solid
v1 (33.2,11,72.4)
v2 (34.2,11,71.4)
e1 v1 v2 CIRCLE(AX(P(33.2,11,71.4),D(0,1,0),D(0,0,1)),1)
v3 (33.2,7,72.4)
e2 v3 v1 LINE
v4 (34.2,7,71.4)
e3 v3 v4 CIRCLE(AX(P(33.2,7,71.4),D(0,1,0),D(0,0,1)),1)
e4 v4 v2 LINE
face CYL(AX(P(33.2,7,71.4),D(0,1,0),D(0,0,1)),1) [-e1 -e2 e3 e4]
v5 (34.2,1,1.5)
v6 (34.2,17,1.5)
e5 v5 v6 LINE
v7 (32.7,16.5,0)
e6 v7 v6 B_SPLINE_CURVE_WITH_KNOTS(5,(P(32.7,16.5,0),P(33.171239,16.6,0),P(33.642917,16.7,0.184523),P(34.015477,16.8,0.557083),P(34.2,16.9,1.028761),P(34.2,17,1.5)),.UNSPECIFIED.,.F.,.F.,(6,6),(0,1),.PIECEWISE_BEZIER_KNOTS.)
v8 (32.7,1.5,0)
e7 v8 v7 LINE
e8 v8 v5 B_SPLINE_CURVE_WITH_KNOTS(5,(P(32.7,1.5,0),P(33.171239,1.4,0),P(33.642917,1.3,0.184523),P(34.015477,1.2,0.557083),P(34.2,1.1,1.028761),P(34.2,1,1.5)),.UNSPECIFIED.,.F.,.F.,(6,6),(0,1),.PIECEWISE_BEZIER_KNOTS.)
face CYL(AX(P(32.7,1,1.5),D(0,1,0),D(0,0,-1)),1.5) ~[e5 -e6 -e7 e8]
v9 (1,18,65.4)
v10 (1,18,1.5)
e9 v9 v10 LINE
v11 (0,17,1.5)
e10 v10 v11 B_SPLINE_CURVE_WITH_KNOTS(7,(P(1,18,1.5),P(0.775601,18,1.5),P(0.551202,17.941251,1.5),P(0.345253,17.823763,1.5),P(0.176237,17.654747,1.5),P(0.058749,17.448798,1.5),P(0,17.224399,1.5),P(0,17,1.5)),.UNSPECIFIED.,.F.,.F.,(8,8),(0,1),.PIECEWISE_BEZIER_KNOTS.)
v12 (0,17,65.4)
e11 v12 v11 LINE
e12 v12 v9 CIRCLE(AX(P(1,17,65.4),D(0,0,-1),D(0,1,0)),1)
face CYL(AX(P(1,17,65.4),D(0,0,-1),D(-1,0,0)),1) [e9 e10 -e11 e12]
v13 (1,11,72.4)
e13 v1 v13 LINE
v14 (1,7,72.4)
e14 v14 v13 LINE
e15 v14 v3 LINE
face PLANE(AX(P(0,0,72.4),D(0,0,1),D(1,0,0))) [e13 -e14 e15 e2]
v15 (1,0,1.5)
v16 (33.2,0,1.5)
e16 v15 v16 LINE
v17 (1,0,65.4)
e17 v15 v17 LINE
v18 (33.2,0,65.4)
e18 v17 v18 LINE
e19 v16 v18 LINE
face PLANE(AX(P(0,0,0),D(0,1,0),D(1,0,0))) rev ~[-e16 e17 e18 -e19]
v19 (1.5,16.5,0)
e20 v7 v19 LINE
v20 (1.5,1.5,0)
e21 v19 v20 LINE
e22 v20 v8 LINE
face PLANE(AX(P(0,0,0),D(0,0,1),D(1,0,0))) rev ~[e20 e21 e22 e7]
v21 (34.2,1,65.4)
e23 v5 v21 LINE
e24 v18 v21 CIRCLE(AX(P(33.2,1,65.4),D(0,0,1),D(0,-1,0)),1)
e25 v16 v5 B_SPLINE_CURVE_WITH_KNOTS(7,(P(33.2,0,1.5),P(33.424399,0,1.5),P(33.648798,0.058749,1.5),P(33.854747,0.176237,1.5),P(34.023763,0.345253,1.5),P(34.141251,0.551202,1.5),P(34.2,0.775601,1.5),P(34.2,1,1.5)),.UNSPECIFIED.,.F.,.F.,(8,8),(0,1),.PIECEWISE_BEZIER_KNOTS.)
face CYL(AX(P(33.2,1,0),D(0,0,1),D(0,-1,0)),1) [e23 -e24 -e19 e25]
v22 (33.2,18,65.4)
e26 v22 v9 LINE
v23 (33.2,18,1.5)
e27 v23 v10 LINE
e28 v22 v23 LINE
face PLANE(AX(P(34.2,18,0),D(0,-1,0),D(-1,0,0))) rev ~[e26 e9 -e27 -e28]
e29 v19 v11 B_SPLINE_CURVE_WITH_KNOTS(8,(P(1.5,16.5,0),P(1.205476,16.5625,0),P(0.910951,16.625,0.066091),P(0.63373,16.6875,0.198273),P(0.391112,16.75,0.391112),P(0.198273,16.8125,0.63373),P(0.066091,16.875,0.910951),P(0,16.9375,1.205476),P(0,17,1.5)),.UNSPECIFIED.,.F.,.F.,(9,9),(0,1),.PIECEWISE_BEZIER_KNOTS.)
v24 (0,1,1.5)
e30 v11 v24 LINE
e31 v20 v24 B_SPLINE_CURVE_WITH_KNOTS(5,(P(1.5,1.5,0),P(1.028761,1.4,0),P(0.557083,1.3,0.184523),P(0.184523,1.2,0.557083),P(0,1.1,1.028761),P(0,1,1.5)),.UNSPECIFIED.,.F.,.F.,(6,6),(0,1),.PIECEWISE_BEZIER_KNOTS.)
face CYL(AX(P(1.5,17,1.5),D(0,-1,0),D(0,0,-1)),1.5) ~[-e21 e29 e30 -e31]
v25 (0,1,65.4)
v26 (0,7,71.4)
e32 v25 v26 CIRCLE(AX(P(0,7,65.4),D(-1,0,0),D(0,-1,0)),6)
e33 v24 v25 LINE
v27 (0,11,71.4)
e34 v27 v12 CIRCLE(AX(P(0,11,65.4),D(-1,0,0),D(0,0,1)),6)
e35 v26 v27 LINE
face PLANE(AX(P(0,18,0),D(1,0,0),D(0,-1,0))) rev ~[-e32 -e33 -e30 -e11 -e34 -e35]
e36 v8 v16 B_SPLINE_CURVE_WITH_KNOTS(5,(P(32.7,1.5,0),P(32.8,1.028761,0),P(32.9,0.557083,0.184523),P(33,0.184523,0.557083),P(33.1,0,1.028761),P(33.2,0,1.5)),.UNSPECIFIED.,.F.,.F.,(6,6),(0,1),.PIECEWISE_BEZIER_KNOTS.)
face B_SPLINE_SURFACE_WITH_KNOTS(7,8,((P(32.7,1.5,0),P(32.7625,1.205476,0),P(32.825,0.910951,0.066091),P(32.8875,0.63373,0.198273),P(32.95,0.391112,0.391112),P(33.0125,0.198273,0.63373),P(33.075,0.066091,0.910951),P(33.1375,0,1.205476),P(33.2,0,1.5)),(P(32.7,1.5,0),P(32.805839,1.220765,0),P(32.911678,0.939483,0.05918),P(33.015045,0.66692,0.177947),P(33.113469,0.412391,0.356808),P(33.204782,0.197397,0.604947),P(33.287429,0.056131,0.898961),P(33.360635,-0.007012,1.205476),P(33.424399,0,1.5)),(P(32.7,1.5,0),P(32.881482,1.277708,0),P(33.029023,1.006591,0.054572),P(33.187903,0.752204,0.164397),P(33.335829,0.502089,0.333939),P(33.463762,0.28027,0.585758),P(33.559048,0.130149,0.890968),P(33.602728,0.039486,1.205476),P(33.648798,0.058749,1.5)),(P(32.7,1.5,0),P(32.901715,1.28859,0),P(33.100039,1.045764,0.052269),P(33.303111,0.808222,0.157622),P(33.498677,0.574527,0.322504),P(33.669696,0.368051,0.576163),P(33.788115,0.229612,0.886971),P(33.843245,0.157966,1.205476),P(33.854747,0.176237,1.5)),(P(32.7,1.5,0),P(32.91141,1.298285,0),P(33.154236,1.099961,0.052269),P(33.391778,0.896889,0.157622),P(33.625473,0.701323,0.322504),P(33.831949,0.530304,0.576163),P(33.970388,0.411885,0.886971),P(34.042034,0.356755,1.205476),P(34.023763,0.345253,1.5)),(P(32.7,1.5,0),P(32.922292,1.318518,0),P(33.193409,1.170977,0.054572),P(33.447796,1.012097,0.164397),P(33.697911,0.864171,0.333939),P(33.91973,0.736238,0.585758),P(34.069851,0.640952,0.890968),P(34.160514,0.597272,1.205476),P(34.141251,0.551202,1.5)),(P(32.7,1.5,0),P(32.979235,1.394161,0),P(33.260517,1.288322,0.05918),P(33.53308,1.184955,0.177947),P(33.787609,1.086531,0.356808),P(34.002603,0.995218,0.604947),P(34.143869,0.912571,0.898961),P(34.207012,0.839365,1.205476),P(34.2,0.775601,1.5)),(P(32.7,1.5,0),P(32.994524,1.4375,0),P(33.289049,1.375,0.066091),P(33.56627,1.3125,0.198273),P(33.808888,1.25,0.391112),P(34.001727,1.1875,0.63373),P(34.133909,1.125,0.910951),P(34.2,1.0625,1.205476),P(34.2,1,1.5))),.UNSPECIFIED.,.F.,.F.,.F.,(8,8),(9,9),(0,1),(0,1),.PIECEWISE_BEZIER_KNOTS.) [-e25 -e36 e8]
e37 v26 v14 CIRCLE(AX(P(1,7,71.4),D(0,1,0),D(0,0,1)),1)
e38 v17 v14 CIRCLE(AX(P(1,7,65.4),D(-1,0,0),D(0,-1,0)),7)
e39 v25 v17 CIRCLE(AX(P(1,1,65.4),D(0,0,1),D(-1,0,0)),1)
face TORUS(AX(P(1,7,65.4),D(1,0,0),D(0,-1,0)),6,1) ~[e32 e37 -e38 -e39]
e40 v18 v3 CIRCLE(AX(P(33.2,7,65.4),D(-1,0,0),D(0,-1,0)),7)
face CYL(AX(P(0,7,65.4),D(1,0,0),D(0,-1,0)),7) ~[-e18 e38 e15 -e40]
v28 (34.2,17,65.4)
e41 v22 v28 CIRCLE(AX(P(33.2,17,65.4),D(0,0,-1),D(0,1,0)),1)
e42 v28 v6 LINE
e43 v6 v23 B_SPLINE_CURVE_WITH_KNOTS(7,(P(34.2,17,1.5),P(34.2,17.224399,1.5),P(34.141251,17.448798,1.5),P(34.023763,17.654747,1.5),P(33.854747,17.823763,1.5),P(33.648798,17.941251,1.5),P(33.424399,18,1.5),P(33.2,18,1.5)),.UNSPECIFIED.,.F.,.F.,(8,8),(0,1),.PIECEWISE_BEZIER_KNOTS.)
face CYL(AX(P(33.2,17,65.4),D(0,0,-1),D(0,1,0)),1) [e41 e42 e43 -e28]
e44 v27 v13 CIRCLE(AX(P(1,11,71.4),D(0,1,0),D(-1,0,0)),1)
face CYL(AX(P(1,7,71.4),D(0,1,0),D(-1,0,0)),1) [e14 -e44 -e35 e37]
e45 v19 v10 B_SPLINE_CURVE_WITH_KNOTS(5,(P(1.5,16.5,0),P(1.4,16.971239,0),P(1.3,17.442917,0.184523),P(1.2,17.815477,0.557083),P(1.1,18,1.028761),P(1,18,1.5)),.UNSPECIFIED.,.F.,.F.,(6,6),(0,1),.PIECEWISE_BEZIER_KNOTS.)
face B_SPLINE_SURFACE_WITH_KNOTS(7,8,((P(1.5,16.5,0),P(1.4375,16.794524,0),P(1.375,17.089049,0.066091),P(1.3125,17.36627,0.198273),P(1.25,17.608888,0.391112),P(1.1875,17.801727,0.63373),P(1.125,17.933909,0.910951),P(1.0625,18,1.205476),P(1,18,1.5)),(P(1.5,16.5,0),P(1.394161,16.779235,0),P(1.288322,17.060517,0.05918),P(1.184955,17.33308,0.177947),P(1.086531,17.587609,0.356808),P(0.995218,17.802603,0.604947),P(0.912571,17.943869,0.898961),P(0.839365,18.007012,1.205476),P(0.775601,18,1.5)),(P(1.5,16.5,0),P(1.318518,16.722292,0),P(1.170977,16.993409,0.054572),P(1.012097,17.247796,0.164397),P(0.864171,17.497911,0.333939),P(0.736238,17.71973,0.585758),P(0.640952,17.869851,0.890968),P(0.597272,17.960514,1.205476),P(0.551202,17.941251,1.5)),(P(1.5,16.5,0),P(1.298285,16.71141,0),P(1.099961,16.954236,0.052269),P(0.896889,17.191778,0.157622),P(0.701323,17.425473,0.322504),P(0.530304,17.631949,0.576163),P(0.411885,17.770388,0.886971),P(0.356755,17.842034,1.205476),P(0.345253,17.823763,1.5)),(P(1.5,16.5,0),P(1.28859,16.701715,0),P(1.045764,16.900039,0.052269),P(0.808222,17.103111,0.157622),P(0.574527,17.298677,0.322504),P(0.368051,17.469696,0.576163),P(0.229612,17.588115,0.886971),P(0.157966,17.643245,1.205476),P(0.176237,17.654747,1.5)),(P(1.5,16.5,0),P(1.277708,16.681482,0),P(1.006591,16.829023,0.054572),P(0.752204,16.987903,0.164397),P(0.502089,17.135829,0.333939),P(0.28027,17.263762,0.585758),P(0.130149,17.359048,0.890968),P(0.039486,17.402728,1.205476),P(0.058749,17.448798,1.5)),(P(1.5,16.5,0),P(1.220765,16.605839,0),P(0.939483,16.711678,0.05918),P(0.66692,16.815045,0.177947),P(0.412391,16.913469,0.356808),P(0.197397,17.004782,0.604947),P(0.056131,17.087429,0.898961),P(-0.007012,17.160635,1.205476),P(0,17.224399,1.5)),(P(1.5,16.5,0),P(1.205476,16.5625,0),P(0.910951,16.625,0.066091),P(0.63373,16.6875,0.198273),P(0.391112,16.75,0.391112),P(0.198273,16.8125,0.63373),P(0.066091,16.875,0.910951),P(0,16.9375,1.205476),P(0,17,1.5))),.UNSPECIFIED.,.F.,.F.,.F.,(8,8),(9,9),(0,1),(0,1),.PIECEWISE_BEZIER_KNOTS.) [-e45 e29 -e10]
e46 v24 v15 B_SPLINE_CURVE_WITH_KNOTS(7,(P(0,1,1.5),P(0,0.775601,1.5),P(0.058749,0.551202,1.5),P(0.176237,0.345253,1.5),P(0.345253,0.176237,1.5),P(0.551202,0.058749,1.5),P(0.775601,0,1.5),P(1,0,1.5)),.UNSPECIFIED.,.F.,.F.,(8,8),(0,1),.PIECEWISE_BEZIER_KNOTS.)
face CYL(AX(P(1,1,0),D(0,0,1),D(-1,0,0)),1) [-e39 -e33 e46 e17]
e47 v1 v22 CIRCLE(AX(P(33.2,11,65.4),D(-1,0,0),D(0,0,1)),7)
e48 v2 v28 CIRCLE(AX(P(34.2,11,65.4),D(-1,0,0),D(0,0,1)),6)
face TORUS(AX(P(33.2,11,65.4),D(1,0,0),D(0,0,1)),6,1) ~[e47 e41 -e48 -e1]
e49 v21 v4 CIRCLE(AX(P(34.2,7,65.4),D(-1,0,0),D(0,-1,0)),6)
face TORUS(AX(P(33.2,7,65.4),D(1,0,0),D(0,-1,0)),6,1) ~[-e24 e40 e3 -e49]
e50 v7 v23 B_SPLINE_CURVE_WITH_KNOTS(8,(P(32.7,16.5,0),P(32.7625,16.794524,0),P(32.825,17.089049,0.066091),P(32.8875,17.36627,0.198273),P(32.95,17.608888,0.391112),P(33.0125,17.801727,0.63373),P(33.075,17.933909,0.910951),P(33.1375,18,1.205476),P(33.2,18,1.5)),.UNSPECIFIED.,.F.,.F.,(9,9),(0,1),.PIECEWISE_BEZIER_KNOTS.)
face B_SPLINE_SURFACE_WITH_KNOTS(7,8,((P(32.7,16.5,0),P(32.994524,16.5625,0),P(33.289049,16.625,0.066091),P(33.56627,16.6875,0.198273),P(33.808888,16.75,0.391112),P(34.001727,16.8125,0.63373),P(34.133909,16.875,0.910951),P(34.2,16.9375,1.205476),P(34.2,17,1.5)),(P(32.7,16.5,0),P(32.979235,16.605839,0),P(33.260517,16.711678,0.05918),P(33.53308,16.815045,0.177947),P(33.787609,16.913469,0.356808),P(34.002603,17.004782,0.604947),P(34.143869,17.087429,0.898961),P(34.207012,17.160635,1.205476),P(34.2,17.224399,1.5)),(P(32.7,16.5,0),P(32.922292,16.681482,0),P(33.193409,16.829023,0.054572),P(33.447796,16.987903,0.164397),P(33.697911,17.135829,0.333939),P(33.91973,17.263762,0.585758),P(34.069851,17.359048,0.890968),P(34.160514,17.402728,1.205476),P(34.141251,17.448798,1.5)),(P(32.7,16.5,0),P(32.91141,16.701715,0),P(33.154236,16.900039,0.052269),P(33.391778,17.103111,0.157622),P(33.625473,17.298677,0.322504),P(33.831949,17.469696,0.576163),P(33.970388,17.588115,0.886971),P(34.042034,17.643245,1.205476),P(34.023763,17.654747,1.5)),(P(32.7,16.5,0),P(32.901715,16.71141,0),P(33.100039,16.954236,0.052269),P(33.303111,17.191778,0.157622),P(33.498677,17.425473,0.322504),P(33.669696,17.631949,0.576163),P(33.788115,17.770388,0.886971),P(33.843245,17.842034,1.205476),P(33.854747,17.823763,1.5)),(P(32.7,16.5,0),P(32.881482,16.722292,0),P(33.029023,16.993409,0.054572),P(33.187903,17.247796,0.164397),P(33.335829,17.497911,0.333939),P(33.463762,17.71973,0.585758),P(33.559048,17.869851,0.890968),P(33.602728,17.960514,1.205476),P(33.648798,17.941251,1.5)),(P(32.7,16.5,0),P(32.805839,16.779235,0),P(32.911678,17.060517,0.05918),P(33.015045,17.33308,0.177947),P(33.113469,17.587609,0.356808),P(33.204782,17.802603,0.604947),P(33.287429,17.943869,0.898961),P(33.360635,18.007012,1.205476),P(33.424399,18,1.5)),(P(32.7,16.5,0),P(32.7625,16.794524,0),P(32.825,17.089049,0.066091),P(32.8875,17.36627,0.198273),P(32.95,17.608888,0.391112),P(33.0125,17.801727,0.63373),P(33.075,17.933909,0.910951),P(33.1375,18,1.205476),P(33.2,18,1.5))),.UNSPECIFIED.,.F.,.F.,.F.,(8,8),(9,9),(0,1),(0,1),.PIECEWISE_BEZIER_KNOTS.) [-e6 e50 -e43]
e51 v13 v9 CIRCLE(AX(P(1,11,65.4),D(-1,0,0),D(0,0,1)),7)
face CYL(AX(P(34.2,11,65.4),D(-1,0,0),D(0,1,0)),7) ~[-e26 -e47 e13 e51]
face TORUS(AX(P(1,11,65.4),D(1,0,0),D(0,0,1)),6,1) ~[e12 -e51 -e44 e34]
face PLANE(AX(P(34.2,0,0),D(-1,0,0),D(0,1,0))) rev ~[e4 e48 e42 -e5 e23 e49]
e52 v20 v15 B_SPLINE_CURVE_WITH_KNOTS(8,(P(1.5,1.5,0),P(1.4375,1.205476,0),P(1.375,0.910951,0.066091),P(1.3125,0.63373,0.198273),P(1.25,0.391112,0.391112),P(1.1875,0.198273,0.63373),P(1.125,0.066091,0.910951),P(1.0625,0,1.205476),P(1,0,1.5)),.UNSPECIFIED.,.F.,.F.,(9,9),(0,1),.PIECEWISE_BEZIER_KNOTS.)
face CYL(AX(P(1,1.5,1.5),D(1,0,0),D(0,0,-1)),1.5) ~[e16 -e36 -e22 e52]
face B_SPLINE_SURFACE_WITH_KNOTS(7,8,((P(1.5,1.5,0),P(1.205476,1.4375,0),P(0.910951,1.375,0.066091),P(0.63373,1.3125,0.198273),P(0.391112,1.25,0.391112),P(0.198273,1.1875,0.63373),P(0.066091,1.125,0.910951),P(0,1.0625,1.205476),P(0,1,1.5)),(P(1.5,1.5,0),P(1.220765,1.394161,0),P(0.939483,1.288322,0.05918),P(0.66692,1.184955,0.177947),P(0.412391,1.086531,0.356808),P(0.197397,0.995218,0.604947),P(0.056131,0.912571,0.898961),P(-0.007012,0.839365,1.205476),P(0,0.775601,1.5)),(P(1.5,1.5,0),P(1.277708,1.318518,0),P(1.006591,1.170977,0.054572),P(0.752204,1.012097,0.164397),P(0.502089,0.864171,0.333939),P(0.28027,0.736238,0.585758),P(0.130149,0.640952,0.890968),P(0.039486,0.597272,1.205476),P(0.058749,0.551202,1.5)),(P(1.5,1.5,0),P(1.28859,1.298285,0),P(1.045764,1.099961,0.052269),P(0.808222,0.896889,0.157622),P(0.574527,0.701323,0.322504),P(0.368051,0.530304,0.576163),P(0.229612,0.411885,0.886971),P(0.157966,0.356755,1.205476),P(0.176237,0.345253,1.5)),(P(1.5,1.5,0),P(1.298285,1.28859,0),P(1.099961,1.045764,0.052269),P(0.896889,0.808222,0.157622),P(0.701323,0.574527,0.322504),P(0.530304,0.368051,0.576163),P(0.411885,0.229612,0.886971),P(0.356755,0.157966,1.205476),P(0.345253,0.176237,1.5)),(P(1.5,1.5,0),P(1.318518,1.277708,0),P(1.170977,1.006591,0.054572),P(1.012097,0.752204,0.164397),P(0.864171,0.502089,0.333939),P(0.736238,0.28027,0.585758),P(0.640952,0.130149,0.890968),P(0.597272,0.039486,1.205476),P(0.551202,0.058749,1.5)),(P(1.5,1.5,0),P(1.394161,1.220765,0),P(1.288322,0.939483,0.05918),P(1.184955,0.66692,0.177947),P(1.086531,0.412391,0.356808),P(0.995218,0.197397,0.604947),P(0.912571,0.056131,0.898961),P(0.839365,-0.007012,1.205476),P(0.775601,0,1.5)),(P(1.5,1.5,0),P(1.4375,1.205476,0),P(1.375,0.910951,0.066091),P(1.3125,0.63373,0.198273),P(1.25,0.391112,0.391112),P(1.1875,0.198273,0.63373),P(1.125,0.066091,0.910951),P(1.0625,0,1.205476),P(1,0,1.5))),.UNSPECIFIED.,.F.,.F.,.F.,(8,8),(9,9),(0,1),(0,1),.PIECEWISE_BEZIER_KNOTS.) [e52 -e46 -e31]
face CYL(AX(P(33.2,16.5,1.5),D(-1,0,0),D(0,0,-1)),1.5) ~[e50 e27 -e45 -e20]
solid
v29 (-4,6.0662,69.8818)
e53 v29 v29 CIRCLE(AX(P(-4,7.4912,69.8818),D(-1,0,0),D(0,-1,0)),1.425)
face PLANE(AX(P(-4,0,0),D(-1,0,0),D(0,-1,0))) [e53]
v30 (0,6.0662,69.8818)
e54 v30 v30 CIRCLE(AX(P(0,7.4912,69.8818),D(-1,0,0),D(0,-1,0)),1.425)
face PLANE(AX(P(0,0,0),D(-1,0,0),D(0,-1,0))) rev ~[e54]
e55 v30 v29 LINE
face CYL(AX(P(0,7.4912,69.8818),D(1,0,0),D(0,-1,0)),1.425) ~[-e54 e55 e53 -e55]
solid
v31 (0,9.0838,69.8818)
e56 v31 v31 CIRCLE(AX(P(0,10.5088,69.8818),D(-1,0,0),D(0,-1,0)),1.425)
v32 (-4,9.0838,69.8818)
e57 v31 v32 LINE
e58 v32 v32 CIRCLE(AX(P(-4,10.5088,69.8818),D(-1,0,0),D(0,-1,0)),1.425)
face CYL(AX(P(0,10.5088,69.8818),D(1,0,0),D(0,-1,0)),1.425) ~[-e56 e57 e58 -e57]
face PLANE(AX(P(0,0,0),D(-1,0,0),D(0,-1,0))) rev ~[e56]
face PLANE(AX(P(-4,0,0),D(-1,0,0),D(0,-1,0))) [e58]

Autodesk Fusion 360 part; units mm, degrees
sketch "Sketch1" plane through (0, 0, 0) normal (0, 0, 1) x (1, 0, 0)
  line L0 (0, 0) -> (34.2, 0)
  line L1 (34.2, 0) -> (34.2, 18)
  line L2 (34.2, 18) -> (0, 18)
  line L3 (0, 18) -> (0, 0)
  dimension "d1" = 34.2
  dimension "d2" = 18
extrude "Extrude1" add sketch "Sketch1" along normal blind 72.4 makes body 1
fillet "Fillet1" radius 7 2 edges at (17.1, 18, 72.4) (17.1, 0, 72.4) on bodies 1
fillet "Fillet2" radius 1 10 edges at (0, 0, 32.7) (0, 2.0503, 70.3497) (0, 9, 72.4) (0, 15.9497, 70.3497) (0, 18, 32.7) (34.2, 0, 32.7) (34.2, 2.0503, 70.3497) (34.2, 9, 72.4) (34.2, 15.9497, 70.3497) (34.2, 18, 32.7) on bodies 1
fillet "Fillet3" radius 1.5 8 edges at (34.2, 9, 0) (33.9071, 17.7071, 0) (17.1, 18, 0) (0.2929, 17.7071, 0) (0, 9, 0) (0.2929, 0.2929, 0) (17.1, 0, 0) (33.9071, 0.2929, 0) on bodies 1
sketch "Sketch2" plane through (0, 0, 0) normal (-1, 0, 0) x (0, -1, 0)
  line L0 (-17, 1.5) -> (-1, 1.5)
  line L1 (-1, 1.5) -> (-1, 65.4)
  arc A0 (-1, 65.4) -> (-7, 71.4) centre (-7, 65.4) ccw
  line L2 (-7, 71.4) -> (-11, 71.4)
  arc A1 (-11, 71.4) -> (-17, 65.4) centre (-11, 65.4) ccw
  line L3 (-17, 65.4) -> (-17, 1.5)
  line L4 (-7, 71.4) -> (-7, 72.4)
  arc A2 (-1, 65.4) -> (-7, 71.4) centre (-7, 65.4) ccw
  line L5 (-1, 65.4) -> (0, 65.4)
  arc A3 (0, 65.4) -> (-7, 72.4) centre (-7, 65.4) ccw
  line L6 (-11, 71.4) -> (-11, 72.4)
  line L7 (-11, 71.4) -> (-7, 71.4)
  line L8 (-7, 71.4) -> (-7, 72.4)
  line L9 (-7, 72.4) -> (-11, 72.4)
  line L10 (-17, 65.4) -> (-18, 65.4)
  arc A4 (-11, 71.4) -> (-17, 65.4) centre (-11, 65.4) ccw
  line L11 (-11, 71.4) -> (-11, 72.4)
  arc A5 (-11, 72.4) -> (-18, 65.4) centre (-11, 65.4) ccw
  circle A6 centre (-7.4912, 69.8818) radius 1.425
  circle A7 centre (-10.5088, 69.8818) radius 1.425
  dimension "d11" = 2.85
extrude "Extrude2" add sketch "Sketch2" along normal blind 4 separate body contours A6 makes body 2
extrude "Extrude3" add sketch "Sketch2" along normal blind 4 separate body contours A7 makes body 3
sketch "Sketch3" plane through (0, 0, 0) normal (0, 0, -1) x (1, 0, 0)
  line L0 (32.7, -16.5) -> (32.7, -1.5)
  line L1 (32.7, -1.5) -> (1.5, -1.5)
  line L2 (1.5, -1.5) -> (1.5, -16.5)
  line L3 (1.5, -16.5) -> (32.7, -16.5)
  line L4 (33.2, 0) -> (1, 0)
  line L5 (34.2, -17) -> (34.2, -1)
  line L6 (1, -18) -> (33.2, -18)
  line L7 (0, -1) -> (0, -17)
  line L8 (0, -1) -> (0, 0)
  line L9 (0, 0) -> (1, 0)
  line L10 (33.2, -18) -> (34.2, -18)
  line L11 (34.2, -17) -> (34.2, -18)
  line L12 (0, 0) -> (34.2, 0)
  line L13 (34.2, 0) -> (34.2, -18)
  line L14 (34.2, -18) -> (0, -18)
  line L15 (0, -18) -> (0, 0)
